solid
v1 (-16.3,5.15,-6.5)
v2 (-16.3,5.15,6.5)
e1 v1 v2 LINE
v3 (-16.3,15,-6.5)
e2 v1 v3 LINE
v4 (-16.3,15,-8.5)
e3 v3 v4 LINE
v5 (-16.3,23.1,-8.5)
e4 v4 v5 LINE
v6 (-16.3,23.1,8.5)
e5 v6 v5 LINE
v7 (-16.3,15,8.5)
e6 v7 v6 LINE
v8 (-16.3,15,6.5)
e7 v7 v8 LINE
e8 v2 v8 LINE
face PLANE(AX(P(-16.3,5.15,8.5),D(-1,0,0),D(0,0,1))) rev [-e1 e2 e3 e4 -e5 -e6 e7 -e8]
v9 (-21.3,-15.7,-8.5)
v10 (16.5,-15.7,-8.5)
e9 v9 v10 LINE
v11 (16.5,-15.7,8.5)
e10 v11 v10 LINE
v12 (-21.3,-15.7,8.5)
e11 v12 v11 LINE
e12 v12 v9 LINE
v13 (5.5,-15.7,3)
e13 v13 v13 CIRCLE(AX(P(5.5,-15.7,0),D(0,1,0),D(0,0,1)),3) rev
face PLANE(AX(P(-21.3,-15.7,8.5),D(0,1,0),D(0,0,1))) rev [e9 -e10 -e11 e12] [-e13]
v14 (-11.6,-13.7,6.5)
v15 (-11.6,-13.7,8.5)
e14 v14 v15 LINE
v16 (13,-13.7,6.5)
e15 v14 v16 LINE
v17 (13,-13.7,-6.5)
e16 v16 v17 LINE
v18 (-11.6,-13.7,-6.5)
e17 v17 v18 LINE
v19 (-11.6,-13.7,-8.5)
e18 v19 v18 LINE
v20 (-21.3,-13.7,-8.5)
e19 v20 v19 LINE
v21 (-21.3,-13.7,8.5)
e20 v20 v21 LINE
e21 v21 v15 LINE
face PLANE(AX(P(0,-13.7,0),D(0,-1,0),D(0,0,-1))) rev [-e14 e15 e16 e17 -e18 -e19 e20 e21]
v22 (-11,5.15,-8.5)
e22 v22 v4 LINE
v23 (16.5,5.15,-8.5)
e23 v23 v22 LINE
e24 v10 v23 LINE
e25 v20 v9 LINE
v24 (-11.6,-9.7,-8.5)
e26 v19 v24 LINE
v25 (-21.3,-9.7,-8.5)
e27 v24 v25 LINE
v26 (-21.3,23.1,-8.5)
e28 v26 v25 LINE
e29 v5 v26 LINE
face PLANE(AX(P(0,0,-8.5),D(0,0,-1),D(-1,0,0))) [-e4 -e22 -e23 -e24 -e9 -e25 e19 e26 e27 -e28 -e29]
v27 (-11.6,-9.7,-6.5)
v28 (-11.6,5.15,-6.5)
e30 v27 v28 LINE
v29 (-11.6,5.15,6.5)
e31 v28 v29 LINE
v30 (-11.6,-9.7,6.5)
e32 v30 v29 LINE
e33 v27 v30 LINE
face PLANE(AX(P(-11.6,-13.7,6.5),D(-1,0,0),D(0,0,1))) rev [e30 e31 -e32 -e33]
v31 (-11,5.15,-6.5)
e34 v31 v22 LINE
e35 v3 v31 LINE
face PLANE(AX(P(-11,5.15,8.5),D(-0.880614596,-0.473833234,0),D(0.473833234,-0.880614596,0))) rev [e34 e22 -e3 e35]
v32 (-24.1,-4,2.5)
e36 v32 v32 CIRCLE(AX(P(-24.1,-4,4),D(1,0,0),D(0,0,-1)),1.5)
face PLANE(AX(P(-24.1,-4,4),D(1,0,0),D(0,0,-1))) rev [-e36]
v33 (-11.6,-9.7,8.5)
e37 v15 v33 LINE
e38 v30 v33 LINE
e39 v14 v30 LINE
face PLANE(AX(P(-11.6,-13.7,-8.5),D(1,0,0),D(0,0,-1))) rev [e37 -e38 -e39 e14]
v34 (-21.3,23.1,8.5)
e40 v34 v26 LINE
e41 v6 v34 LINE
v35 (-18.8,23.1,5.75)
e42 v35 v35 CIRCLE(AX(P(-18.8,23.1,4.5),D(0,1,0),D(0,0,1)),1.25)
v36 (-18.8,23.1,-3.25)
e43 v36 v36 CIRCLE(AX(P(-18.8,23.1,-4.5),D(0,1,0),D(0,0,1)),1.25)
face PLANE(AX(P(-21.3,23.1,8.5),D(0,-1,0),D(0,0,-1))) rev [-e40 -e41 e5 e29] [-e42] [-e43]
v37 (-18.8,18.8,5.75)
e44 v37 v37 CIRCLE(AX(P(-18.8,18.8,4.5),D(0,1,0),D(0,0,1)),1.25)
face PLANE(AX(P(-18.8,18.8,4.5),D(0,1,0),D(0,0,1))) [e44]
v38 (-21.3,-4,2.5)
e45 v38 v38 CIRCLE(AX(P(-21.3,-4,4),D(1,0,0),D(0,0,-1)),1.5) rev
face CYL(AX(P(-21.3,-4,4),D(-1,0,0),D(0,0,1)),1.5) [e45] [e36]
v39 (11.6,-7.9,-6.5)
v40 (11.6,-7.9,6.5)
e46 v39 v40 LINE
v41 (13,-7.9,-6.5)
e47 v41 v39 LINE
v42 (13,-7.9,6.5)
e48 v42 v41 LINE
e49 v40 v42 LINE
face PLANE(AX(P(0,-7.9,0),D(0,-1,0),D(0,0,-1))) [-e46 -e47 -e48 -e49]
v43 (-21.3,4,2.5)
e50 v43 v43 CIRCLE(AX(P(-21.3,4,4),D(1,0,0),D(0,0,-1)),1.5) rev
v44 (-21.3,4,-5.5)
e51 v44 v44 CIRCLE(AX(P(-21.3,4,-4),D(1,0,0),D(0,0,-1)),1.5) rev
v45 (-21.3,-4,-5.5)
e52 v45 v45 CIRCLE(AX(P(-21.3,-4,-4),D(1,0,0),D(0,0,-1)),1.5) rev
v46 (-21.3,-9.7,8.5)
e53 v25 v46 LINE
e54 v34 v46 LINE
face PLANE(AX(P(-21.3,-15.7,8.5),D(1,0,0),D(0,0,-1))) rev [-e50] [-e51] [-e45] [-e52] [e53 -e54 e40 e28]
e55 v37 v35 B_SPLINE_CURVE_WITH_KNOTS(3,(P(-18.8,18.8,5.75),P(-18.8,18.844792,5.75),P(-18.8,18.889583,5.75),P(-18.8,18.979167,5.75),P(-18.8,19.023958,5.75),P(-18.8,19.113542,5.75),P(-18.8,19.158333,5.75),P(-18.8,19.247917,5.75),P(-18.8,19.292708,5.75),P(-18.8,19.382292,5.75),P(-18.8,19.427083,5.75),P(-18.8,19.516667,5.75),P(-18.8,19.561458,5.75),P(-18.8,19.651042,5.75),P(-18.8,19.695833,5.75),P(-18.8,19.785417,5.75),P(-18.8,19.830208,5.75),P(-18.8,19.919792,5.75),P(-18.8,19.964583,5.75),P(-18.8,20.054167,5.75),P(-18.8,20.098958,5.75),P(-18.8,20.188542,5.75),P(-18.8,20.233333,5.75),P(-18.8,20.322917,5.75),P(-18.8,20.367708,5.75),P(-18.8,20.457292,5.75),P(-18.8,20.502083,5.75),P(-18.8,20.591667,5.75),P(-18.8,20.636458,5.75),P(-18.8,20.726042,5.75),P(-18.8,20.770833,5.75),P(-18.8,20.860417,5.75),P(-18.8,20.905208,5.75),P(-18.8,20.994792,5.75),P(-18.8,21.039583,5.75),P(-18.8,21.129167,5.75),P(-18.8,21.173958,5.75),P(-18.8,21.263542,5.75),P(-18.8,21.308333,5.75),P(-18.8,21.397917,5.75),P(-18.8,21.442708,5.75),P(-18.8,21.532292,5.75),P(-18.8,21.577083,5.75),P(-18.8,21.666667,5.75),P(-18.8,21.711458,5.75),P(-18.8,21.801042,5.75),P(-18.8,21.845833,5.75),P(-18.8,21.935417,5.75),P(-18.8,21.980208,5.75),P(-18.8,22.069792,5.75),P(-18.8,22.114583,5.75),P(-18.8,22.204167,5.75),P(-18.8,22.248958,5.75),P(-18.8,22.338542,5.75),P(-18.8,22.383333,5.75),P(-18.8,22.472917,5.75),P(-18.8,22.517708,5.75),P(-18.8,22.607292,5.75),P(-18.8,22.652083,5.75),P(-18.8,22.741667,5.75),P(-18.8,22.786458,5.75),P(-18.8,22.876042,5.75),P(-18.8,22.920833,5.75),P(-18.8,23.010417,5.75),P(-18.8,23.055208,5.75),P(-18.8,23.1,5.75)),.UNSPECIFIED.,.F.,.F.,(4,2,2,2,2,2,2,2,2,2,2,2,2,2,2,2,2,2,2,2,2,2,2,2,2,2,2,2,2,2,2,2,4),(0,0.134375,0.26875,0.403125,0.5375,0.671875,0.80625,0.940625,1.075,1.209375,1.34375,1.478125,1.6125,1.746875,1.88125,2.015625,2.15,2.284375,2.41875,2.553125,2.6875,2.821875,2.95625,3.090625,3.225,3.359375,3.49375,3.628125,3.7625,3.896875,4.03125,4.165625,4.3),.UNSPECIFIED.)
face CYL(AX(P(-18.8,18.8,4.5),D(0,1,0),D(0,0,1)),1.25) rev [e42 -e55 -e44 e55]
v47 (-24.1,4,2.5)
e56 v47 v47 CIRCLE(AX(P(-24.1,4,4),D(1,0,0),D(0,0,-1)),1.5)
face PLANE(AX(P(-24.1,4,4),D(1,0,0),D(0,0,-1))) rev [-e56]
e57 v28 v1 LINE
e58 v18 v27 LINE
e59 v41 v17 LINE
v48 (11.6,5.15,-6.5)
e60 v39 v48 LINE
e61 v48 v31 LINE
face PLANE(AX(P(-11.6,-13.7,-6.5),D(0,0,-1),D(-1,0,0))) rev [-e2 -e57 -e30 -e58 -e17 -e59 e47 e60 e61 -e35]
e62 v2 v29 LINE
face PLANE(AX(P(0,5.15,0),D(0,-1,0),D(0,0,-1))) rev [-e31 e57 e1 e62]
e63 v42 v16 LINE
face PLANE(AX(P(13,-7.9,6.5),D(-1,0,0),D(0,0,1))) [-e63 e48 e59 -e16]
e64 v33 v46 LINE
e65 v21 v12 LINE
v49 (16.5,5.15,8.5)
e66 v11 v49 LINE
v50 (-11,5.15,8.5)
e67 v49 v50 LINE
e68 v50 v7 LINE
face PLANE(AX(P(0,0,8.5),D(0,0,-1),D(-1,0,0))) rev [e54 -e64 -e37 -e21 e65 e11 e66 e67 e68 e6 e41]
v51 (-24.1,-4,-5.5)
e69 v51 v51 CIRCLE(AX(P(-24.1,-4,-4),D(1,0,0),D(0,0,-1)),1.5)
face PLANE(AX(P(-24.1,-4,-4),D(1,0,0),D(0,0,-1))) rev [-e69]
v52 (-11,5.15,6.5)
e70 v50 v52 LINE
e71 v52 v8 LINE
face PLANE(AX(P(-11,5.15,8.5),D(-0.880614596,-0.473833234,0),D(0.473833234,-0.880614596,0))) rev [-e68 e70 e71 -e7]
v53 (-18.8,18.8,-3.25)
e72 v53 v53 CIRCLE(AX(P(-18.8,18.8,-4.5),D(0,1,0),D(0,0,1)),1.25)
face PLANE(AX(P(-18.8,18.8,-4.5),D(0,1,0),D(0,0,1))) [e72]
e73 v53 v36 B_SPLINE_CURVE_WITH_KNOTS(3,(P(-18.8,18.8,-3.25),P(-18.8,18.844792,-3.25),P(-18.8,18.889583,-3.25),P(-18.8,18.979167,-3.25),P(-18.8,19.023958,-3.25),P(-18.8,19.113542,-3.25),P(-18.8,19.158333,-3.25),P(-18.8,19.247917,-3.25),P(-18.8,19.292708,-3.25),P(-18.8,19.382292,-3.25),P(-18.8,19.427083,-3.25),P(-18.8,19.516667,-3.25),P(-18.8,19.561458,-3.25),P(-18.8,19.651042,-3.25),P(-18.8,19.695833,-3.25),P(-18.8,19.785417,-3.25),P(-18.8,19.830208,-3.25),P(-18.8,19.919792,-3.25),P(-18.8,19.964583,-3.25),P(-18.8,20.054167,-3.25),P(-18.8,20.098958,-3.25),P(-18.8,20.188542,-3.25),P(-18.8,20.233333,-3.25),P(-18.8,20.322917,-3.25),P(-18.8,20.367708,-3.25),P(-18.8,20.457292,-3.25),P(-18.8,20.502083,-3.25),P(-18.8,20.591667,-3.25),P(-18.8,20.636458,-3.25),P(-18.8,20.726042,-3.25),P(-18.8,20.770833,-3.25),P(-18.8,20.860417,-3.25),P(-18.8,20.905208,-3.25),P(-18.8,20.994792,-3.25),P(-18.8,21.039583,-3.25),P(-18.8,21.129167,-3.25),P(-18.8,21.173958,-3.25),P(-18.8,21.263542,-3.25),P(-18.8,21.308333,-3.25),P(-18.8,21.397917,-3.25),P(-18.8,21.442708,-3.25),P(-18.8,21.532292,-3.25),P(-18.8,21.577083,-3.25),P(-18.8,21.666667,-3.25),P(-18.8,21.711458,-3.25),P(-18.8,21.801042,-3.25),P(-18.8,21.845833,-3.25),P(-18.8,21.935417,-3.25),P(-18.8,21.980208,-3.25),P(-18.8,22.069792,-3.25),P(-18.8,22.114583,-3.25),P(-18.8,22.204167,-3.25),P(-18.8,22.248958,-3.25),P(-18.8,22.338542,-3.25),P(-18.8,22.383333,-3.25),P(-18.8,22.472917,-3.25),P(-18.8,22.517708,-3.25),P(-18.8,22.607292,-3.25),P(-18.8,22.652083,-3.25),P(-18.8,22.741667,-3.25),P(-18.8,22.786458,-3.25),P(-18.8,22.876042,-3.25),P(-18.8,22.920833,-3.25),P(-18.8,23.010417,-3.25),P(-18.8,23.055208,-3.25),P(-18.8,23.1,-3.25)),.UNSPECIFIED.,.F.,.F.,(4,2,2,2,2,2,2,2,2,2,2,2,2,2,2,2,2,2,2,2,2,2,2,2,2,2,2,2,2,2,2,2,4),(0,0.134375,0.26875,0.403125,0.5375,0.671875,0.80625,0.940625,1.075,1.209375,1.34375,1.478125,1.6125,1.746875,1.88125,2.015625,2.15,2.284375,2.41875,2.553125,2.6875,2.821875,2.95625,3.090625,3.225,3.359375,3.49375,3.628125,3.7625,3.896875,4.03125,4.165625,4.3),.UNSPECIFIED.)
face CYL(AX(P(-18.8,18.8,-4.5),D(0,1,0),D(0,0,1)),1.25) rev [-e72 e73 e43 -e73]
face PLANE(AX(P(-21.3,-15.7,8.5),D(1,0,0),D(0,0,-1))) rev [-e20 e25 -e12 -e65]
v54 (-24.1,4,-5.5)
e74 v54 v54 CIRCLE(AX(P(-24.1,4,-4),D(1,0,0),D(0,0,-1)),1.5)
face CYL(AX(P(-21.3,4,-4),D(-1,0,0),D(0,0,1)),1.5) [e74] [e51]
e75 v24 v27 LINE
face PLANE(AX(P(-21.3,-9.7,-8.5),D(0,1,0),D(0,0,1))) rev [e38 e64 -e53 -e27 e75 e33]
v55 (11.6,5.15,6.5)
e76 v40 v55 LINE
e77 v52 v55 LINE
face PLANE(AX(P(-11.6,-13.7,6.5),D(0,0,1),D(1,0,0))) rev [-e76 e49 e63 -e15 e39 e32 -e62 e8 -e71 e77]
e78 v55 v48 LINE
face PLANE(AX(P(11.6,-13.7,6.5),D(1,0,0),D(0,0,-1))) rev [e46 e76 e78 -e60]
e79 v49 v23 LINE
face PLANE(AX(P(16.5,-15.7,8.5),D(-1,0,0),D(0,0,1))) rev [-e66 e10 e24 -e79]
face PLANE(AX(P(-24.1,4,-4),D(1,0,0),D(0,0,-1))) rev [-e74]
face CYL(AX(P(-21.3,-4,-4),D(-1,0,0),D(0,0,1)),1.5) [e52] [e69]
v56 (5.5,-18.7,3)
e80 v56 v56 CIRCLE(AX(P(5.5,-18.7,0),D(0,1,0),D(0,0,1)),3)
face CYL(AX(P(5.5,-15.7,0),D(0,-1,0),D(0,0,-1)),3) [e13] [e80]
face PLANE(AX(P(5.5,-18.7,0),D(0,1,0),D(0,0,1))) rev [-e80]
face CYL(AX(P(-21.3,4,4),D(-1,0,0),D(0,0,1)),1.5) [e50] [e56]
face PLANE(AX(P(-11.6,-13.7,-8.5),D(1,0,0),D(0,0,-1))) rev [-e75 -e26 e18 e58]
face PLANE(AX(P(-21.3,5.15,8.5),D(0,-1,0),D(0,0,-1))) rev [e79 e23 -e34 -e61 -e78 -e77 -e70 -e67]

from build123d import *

# Parameters (mm, degrees)
SKETCH1_W               = 37.8
SKETCH1_H               = 20.85
BOSS_EXTRUDE1_DEPTH     = 8.5
SKETCH2_W               = 5
SKETCH2_H               = 17.95
BOSS_EXTRUDE2_DEPTH     = 8.5
SKETCH3_W               = 23.2
SKETCH3_H               = 13
CUT_EXTRUDE1_DEPTH      = 18.85
SKETCH4_W               = 1.4
SKETCH4_H               = 13
CUT_EXTRUDE3_DEPTH      = 5.8
CUT_EXTRUDE4_DEPTH      = 33.550729639
CUT_EXTRUDE4_DEPTH_BACK = 33.550729639
SKETCH5_W               = 9.7
SKETCH5_H               = 4
BOSS_EXTRUDE3_DEPTH     = 8.5
SKETCH7_W               = 5.3
SKETCH7_H               = 13
CUT_EXTRUDE5_DEPTH      = 9.85
SKETCH8_R               = 3
BOSS_EXTRUDE4_DEPTH     = 3
SKETCH9_R               = 1.25
CUT_EXTRUDE6_DEPTH      = 4.3
SKETCH10_R              = 1.25
CUT_EXTRUDE7_DEPTH      = 4.3
SKETCH11_R              = 1.5
BOSS_EXTRUDE5_DEPTH     = 2.8


with BuildPart() as part:
    # Sketch1 → Boss-Extrude1 (new, symmetric)
    with BuildSketch(Plane.XY):
        with Locations((-2.4, -5.275)):
            Rectangle(SKETCH1_W, SKETCH1_H)
    extrude(amount=BOSS_EXTRUDE1_DEPTH, both=True)

    # Sketch2 → Boss-Extrude2 (add, symmetric)
    with BuildSketch(Plane.XY):
        with Locations((-18.8, 14.125)):
            Rectangle(SKETCH2_W, SKETCH2_H)
    extrude(amount=BOSS_EXTRUDE2_DEPTH, both=True)

    # Sketch3 → Cut-Extrude1 (cut)
    with BuildSketch(Plane(origin=(0, 5.15, 0), x_dir=(1, 0, 0), z_dir=(0, 1, 0))):
        Rectangle(SKETCH3_W, SKETCH3_H)
    extrude(amount=-CUT_EXTRUDE1_DEPTH, mode=Mode.SUBTRACT)

    # Sketch4 → Cut-Extrude3 (cut)
    with BuildSketch(Plane(origin=(0, -13.7, 0), x_dir=(1, 0, 0), z_dir=(0, 1, 0))):
        with Locations((12.3, 0)):
            Rectangle(SKETCH4_W, SKETCH4_H)
    extrude(amount=CUT_EXTRUDE3_DEPTH, mode=Mode.SUBTRACT)

    # Sketch5 → Cut-Extrude4 (cut, two sides: drawn at the far end of the back side and taken through both)
    with BuildSketch(Plane.XY.offset(-CUT_EXTRUDE4_DEPTH_BACK)):
        with Locations((-16.45, -11.7)):
            Rectangle(SKETCH5_W, SKETCH5_H)
    extrude(amount=CUT_EXTRUDE4_DEPTH + CUT_EXTRUDE4_DEPTH_BACK, mode=Mode.SUBTRACT)

    # Sketch6 → Boss-Extrude3 (add, symmetric)
    with BuildSketch(Plane.XY):
        Polygon((-16.3, 5.15), (-11, 5.15), (-16.3, 15), align=None)
    extrude(amount=BOSS_EXTRUDE3_DEPTH, both=True)

    # Sketch7 → Cut-Extrude5 (cut)
    with BuildSketch(Plane(origin=(0, 15, 0), x_dir=(1, 0, 0), z_dir=(0, 1, 0))):
        with Locations((-13.65, 0)):
            Rectangle(SKETCH7_W, SKETCH7_H)
    extrude(amount=-CUT_EXTRUDE5_DEPTH, mode=Mode.SUBTRACT)

    # Sketch8 → Boss-Extrude4 (add)
    with BuildSketch(Plane(origin=(0, -18.7, 0), x_dir=(1, 0, 0), z_dir=(0, 1, 0))):
        with Locations(Location((5.5, 0, 0), (0, 0, 270))):
            Circle(SKETCH8_R)
    extrude(amount=BOSS_EXTRUDE4_DEPTH)

    # Sketch9 → Cut-Extrude6 (cut)
    with BuildSketch(Plane(origin=(0, 23.1, 0), x_dir=(1, 0, 0), z_dir=(0, 1, 0))):
        with Locations(Location((-18.8, -4.5, 0), (0, 0, 270))):
            Circle(SKETCH9_R)
    extrude(amount=-CUT_EXTRUDE6_DEPTH, mode=Mode.SUBTRACT)

    # Sketch10 → Cut-Extrude7 (cut)
    with BuildSketch(Plane(origin=(0, 23.1, 0), x_dir=(1, 0, 0), z_dir=(0, 1, 0))):
        with Locations(Location((-18.8, 4.5, 0), (0, 0, 270))):
            Circle(SKETCH10_R)
    extrude(amount=-CUT_EXTRUDE7_DEPTH, mode=Mode.SUBTRACT)

    # Sketch11 → Boss-Extrude5 (add)
    with BuildSketch(Plane(origin=(-24.1, 0, 0), x_dir=(0, 0, -1), z_dir=(1, 0, 0))):
        with Locations((-4, -4)):
            Circle(SKETCH11_R)
        with Locations((4, -4)):
            Circle(SKETCH11_R)
        with Locations((-4, 4)):
            Circle(SKETCH11_R)
        with Locations((4, 4)):
            Circle(SKETCH11_R)
    extrude(amount=BOSS_EXTRUDE5_DEPTH)


solid = part.part
